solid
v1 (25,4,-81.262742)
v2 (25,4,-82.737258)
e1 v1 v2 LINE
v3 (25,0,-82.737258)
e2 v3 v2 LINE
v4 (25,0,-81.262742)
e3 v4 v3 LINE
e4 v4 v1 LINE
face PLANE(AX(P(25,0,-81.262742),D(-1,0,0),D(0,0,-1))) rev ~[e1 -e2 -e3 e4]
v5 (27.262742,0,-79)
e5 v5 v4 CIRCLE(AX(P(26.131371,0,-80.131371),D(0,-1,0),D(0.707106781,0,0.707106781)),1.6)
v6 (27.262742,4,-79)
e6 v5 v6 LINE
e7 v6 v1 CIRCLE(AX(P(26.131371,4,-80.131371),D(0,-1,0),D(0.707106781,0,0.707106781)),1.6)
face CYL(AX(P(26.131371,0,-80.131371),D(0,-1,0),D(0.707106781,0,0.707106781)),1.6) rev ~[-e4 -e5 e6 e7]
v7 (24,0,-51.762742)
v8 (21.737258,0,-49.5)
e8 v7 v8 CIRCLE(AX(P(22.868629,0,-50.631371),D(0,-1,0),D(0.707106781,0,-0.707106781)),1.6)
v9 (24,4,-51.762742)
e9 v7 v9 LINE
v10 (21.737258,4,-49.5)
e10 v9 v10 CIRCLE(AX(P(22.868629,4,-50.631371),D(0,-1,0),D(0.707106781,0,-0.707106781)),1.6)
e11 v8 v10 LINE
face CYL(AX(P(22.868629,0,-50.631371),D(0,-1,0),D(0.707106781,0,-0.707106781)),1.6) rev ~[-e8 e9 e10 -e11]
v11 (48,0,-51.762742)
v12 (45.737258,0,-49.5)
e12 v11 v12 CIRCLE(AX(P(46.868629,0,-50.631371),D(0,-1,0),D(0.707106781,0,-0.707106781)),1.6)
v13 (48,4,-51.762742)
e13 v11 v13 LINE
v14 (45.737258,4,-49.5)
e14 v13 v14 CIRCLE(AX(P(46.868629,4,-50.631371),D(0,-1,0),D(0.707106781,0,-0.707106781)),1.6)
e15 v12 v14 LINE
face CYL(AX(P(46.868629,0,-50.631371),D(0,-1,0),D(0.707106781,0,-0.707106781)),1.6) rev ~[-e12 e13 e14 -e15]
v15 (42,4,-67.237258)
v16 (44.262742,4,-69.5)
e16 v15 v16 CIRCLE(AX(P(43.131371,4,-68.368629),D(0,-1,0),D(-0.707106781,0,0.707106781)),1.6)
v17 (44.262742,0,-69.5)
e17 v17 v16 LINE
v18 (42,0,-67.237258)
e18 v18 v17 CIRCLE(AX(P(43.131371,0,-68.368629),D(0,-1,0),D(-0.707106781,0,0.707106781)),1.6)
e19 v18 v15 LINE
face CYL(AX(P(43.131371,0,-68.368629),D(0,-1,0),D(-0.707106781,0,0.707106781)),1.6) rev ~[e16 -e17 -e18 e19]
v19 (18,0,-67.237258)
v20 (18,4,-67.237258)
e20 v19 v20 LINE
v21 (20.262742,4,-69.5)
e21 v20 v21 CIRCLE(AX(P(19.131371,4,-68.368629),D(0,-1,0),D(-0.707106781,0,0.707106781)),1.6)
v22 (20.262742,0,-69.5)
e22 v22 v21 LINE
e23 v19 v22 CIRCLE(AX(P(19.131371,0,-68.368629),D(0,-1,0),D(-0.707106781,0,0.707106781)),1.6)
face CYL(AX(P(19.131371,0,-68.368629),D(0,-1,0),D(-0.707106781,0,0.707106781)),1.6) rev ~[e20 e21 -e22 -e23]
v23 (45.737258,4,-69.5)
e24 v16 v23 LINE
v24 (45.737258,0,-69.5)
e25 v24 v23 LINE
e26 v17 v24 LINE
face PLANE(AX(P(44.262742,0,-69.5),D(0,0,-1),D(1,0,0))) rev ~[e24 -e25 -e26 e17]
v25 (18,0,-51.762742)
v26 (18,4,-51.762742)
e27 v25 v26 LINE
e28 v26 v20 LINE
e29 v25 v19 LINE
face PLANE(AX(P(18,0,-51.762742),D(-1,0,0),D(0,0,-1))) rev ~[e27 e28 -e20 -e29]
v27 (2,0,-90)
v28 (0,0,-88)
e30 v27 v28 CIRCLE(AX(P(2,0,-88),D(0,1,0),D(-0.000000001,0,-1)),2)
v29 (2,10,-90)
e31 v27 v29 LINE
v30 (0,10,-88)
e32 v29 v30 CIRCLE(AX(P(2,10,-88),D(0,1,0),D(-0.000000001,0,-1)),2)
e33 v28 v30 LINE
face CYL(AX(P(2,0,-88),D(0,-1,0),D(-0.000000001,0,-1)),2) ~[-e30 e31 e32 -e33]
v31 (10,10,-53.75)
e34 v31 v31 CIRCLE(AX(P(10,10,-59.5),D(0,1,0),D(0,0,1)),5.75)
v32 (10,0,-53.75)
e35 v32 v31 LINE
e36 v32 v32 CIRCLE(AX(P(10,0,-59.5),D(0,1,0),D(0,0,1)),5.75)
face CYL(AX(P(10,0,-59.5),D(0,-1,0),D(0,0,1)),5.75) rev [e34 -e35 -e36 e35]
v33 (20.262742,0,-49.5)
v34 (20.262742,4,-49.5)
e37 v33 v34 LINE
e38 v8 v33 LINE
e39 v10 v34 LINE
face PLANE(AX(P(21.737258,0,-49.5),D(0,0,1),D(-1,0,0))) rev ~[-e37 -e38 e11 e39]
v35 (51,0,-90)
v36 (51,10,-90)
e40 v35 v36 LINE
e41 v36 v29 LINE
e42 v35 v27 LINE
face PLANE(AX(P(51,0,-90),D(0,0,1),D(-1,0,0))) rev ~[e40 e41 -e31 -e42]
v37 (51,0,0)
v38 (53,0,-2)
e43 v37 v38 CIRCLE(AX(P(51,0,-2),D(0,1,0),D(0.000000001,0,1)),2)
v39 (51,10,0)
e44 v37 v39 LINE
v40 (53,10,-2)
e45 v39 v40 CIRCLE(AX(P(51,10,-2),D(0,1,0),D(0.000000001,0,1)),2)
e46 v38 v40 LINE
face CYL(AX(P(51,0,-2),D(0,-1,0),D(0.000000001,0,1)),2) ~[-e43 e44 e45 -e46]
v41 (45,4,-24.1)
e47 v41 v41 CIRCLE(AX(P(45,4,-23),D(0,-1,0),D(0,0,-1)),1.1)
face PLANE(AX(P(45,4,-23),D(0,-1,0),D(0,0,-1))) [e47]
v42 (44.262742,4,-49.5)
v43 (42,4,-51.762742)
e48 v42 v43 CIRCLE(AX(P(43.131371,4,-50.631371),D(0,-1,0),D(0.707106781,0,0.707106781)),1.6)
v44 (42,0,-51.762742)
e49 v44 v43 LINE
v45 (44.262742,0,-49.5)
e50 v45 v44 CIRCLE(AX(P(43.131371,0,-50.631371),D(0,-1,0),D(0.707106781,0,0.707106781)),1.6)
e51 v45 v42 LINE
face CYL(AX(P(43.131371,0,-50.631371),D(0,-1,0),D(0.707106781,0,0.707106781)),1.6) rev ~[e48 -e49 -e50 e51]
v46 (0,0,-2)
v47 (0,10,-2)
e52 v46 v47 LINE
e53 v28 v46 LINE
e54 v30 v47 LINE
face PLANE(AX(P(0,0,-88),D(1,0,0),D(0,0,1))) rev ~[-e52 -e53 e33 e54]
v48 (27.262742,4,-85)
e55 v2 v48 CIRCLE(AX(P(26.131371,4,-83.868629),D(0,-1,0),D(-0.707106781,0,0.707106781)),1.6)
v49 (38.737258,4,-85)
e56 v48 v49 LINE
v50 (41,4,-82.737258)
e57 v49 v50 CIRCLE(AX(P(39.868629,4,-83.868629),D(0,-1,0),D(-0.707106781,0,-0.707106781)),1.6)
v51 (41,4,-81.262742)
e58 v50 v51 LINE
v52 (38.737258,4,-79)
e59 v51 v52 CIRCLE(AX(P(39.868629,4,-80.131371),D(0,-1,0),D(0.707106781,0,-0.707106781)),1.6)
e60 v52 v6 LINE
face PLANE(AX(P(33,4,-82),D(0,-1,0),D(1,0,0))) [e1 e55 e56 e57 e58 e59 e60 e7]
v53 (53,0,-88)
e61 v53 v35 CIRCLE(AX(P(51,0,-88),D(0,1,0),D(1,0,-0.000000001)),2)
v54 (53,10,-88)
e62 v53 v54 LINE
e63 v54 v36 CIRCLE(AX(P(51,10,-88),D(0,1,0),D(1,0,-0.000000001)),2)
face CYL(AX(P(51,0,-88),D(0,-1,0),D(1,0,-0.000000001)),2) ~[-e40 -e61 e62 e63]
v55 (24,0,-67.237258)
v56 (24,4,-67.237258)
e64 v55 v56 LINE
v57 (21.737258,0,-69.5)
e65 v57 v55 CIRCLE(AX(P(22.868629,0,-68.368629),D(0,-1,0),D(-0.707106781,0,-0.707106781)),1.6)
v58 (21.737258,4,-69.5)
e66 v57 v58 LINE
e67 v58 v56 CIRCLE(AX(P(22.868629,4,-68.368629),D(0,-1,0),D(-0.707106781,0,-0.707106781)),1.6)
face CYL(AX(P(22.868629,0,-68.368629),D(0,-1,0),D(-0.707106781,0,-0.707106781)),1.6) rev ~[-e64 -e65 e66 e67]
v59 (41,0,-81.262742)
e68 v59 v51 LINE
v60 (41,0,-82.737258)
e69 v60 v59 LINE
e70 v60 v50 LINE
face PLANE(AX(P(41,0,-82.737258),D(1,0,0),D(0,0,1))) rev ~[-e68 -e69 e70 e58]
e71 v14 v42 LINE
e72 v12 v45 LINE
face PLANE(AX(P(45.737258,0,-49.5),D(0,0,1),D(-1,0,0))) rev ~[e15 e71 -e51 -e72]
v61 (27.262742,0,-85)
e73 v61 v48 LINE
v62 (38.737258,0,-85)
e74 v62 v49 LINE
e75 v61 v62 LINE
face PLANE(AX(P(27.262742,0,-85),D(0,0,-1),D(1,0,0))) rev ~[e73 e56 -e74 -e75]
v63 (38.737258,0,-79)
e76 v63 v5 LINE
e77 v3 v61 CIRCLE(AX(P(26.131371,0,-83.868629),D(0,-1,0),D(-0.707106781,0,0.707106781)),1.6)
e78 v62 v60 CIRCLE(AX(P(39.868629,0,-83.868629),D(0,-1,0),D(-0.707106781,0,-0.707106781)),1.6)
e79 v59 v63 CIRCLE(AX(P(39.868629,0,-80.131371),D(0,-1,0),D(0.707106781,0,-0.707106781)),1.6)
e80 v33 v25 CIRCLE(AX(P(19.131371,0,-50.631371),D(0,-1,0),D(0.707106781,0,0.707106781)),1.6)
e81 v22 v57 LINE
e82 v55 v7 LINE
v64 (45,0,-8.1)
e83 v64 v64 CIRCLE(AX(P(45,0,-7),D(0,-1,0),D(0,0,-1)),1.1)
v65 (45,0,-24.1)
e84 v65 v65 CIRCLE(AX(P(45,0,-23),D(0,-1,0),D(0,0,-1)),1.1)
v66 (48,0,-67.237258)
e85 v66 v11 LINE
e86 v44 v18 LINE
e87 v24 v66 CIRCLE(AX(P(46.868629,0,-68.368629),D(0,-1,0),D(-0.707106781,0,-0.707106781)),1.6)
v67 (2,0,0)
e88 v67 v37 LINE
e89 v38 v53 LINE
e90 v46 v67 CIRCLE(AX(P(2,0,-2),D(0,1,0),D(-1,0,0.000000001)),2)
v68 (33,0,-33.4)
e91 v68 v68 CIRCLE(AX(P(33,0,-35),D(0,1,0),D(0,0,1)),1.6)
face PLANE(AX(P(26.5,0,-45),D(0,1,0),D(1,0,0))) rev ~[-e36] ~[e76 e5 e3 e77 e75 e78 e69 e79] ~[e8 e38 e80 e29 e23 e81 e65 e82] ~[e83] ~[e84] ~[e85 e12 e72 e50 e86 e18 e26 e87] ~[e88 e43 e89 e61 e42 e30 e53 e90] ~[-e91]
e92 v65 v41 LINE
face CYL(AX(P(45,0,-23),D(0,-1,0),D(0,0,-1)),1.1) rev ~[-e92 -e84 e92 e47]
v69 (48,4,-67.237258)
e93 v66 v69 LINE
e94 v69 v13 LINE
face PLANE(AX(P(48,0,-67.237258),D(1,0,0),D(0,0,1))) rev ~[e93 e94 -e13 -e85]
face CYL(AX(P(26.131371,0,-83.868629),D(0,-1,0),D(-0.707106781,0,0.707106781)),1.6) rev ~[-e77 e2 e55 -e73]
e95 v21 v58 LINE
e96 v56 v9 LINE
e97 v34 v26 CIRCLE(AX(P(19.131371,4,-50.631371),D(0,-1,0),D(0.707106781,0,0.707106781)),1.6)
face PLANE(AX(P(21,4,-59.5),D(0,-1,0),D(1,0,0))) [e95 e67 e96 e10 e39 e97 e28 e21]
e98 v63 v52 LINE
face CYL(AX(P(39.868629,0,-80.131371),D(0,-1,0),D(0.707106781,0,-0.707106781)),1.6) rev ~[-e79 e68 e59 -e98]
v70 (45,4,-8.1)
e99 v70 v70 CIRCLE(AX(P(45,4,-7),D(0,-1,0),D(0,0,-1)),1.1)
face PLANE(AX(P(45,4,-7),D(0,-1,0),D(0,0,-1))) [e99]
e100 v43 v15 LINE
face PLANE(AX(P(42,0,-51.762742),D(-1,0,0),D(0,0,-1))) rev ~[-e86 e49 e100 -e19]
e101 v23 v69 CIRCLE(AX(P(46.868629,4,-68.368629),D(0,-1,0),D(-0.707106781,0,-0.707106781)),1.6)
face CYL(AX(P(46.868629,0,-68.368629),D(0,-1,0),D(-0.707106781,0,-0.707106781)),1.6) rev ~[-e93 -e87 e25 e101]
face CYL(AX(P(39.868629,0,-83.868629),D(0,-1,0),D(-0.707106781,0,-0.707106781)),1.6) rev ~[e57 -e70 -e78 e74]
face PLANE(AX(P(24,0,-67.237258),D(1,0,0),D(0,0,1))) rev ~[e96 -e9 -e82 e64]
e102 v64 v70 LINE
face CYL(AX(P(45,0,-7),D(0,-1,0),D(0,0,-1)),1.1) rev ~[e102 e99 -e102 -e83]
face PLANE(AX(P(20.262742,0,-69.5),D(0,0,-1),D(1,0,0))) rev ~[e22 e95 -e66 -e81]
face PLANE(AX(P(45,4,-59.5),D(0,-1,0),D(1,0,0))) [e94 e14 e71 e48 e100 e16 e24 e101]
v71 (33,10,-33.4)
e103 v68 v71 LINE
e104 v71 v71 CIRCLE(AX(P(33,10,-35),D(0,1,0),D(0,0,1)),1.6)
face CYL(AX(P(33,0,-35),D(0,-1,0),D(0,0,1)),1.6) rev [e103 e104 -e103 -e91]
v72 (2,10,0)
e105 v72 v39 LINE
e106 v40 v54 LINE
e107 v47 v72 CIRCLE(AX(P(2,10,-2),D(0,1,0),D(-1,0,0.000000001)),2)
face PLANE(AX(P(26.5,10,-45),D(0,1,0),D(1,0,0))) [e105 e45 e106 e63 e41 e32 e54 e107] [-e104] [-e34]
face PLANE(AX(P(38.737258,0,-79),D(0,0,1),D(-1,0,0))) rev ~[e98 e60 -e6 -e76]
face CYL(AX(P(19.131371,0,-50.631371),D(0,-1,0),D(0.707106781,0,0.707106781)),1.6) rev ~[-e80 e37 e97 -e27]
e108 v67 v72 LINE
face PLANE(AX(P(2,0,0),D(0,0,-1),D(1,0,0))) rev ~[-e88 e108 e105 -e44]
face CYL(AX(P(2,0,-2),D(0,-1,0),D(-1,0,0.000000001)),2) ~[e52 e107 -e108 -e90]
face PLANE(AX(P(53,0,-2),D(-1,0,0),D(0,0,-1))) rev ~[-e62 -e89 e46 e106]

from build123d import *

# Parameters (mm, degrees)
ESQUISSE1_R             = 5.75
ESQUISSE1_R_2           = 1.6
EXTRUSION1_DEPTH        = 10
ESQUISSE2_R             = 1.1
ENL_V_MAT_EXTRU_1_DEPTH = 4


with BuildPart() as part:
    # Esquisse1 → Extrusion1 (new body)
    with BuildSketch(Plane(origin=(0, 0, 0), x_dir=(1, 0, 0), z_dir=(0, 1, 0))):
        with BuildLine():
            Line((0, 88), (0, 2))
            ThreePointArc((0, 2), (0.585786438, 0.585786438), (2, 0))
            Line((2, 0), (51, 0))
            ThreePointArc((51, 0), (52.414213562, 0.585786438), (53, 2))
            Line((53, 2), (53, 88))
            ThreePointArc((53, 88), (52.414213562, 89.414213562), (51, 90))
            Line((51, 90), (2, 90))
            ThreePointArc((2, 90), (0.585786438, 89.414213562), (0, 88))
        make_face()
        with Locations(Location((10, 59.5, 0), (0, 0, 270))):  # turned: the seam where the file's is
            Circle(ESQUISSE1_R, mode=Mode.SUBTRACT)
        with Locations(Location((33, 35, 0), (0, 0, 270))):  # turned: the seam where the file's is
            Circle(ESQUISSE1_R_2, mode=Mode.SUBTRACT)
    extrude(amount=EXTRUSION1_DEPTH)

    # Esquisse2 → Enlèv. mat.-Extru.1 (cut)
    with BuildSketch(Plane.XZ):
        with Locations(Location((45, -23, 0), (0, 0, 270))):  # turned: the seam where the file's is
            Circle(ESQUISSE2_R)
        with Locations(Location((45, -7, 0), (0, 0, 270))):  # turned: the seam where the file's is
            Circle(ESQUISSE2_R)
        with BuildLine():
            Line((41, -82.7372583), (41, -81.2627417))
            ThreePointArc((41, -81.2627417), (41, -79), (38.7372583, -79))
            Line((38.7372583, -79), (27.2627417, -79))
            ThreePointArc((27.2627417, -79), (25, -79), (25, -81.2627417))
            Line((25, -81.2627417), (25, -82.7372583))
            ThreePointArc((25, -82.7372583), (25, -85), (27.2627417, -85))
            Line((27.2627417, -85), (38.7372583, -85))
            ThreePointArc((38.7372583, -85), (41, -85), (41, -82.7372583))
        make_face()
        with BuildLine():
            Line((45.7372583, -49.5), (44.2627417, -49.5))
            ThreePointArc((44.2627417, -49.5), (42, -49.5), (42, -51.7627417))
            Line((42, -51.7627417), (42, -67.2372583))
            ThreePointArc((42, -67.2372583), (42, -69.5), (44.2627417, -69.5))
            Line((44.2627417, -69.5), (45.7372583, -69.5))
            ThreePointArc((45.7372583, -69.5), (48, -69.5), (48, -67.2372583))
            Line((48, -67.2372583), (48, -51.7627417))
            ThreePointArc((48, -51.7627417), (48, -49.5), (45.7372583, -49.5))
        make_face()
        with BuildLine():
            Line((24, -67.2372583), (24, -51.7627417))
            ThreePointArc((24, -51.7627417), (24, -49.5), (21.7372583, -49.5))
            Line((21.7372583, -49.5), (20.2627417, -49.5))
            ThreePointArc((20.2627417, -49.5), (18, -49.5), (18, -51.7627417))
            Line((18, -51.7627417), (18, -67.2372583))
            ThreePointArc((18, -67.2372583), (18, -69.5), (20.2627417, -69.5))
            Line((20.2627417, -69.5), (21.7372583, -69.5))
            ThreePointArc((21.7372583, -69.5), (24, -69.5), (24, -67.2372583))
        make_face()
    extrude(amount=-ENL_V_MAT_EXTRU_1_DEPTH, mode=Mode.SUBTRACT)


solid = part.part
